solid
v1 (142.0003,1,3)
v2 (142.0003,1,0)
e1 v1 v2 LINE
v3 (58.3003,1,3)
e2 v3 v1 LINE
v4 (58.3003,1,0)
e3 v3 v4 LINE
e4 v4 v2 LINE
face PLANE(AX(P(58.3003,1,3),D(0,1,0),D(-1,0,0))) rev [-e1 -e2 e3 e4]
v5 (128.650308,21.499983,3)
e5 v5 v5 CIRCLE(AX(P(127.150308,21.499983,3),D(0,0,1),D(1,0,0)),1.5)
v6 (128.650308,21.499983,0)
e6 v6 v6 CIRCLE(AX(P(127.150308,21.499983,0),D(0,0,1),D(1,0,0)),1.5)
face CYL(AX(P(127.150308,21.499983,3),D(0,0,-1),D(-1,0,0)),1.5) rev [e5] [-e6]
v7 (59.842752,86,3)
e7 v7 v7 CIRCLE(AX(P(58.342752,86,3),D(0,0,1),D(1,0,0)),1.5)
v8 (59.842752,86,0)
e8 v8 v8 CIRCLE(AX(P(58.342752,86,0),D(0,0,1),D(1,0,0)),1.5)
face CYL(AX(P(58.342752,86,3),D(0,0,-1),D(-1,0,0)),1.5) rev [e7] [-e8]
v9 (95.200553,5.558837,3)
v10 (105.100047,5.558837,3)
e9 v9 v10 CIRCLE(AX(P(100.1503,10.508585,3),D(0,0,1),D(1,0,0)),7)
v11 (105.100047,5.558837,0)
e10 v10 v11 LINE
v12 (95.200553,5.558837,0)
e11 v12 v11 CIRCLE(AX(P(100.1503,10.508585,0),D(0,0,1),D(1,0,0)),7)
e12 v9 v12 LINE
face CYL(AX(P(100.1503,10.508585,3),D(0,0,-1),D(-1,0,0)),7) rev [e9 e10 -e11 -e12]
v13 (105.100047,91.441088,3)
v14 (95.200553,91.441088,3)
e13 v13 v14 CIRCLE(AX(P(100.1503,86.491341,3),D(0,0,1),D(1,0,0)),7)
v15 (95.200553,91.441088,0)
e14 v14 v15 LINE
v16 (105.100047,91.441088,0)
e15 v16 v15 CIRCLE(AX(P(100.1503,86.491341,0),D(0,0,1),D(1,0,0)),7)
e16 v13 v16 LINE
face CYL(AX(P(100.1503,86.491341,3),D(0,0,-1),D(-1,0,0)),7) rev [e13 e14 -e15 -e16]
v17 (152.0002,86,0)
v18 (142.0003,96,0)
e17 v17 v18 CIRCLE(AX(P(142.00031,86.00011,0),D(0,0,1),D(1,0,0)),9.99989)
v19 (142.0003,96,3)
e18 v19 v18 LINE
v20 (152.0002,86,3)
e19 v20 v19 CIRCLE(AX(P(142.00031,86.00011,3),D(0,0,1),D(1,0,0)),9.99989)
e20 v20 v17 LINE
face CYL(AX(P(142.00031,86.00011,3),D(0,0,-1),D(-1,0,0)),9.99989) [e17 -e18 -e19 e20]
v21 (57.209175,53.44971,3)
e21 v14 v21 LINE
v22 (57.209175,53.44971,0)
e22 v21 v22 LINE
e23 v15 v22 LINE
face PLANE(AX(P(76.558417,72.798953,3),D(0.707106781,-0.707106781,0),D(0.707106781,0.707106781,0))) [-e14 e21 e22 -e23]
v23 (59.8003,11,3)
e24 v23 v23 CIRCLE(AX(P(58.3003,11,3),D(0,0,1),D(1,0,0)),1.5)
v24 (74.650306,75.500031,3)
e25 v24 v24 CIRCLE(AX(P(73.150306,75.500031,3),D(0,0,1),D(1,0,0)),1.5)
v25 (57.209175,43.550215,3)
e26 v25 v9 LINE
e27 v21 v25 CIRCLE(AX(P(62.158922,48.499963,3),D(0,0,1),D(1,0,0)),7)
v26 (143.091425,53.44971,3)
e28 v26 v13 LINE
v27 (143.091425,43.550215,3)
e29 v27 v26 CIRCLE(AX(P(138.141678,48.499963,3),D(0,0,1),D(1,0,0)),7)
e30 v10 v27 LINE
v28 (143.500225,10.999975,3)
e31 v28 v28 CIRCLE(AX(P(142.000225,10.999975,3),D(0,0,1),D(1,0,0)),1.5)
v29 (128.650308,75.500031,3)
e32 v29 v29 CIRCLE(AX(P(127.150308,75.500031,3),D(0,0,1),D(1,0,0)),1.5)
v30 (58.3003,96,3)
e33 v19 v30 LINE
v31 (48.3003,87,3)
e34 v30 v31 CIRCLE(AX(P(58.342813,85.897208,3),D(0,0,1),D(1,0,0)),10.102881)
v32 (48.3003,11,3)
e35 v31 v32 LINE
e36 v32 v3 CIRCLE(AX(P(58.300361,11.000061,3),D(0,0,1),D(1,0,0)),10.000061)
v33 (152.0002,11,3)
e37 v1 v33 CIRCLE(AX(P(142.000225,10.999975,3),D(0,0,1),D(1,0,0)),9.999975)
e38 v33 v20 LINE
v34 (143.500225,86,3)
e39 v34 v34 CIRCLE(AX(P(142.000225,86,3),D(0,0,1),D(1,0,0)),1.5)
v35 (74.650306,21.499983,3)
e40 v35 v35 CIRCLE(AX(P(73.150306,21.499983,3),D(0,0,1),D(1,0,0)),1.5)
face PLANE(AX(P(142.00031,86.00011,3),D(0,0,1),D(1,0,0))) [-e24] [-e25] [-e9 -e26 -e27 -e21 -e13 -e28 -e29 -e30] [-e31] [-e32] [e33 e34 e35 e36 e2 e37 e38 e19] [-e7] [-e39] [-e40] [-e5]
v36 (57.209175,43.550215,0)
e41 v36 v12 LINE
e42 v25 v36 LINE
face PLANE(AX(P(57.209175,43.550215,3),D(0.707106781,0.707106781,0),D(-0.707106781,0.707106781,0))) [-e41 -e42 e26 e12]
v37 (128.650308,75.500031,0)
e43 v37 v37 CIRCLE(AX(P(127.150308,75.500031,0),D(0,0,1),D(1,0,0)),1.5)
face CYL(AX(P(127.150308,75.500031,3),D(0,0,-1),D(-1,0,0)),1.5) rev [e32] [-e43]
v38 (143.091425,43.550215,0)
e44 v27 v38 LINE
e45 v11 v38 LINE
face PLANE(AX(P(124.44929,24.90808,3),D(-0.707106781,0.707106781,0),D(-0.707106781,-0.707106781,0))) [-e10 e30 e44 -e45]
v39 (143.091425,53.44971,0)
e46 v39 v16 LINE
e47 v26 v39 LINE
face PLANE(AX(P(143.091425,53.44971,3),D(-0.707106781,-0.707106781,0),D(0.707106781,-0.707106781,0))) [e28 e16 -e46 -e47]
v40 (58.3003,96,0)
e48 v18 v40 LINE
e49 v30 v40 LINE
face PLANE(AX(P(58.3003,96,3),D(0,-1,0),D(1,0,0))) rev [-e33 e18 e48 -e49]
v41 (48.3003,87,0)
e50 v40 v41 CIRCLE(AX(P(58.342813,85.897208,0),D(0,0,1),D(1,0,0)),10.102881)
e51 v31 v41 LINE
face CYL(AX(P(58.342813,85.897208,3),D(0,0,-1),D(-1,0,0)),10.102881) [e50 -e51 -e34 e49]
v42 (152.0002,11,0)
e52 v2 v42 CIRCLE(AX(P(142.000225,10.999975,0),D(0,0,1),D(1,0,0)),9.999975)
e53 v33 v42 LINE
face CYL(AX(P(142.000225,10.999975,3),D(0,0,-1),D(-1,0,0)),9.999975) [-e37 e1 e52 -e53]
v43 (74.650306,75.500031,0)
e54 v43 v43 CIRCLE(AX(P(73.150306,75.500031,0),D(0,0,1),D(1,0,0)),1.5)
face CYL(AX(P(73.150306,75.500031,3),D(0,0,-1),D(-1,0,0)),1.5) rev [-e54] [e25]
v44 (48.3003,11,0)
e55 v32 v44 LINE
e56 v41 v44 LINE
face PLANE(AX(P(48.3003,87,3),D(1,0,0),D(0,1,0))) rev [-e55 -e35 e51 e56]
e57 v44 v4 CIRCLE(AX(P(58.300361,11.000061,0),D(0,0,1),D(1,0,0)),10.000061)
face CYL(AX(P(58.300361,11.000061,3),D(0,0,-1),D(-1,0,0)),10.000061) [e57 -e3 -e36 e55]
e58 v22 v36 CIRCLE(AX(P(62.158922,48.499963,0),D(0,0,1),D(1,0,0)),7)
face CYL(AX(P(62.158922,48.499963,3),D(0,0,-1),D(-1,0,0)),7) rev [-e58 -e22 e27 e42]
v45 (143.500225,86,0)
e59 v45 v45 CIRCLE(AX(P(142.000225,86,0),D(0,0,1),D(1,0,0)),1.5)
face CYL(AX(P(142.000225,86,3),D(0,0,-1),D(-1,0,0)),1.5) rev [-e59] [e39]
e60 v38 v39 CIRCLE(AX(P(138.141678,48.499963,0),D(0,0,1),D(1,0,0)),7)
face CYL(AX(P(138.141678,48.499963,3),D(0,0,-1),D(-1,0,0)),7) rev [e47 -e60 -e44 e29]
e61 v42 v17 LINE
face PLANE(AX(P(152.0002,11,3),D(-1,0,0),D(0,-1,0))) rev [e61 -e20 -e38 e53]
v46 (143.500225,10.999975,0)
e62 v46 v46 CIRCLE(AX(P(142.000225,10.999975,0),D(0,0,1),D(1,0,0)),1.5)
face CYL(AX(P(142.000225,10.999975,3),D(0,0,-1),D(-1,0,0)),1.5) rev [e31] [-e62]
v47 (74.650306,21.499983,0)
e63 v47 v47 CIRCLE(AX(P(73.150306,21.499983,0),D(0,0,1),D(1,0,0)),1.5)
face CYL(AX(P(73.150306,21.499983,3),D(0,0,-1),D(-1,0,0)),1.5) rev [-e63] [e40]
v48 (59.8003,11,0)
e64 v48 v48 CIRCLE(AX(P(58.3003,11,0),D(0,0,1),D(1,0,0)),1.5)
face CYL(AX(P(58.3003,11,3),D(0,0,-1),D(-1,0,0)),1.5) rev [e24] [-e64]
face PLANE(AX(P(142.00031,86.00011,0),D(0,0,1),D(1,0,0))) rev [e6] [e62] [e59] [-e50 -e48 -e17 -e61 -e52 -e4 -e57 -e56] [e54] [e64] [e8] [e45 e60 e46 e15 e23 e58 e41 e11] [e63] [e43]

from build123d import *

# Parameters (mm, degrees)
SKETCH_1_R      = 1.5
EXTRUDE_1_DEPTH = 3


with BuildPart() as part:
    # 草圖1 → 填料-伸長1 (new body)
    with BuildSketch(Plane.XY):
        with BuildLine():
            Line((58.3003, 1), (142.0003, 1))
            ThreePointArc((142.0003, 1), (149.071310355, 3.928960355), (152.0002, 11))
            Line((152.0002, 11), (152.0002, 86))
            ThreePointArc((152.0002, 86), (149.071335355, 93.071064644), (142.0003, 96))
            Line((142.0003, 96), (58.3003, 96))
            ThreePointArc((58.3003, 96), (51.584341425, 93.406620638), (48.3003, 87))
            Line((48.3003, 87), (48.3003, 11))
            ThreePointArc((48.3003, 11), (51.22925, 3.92895), (58.3003, 1))
        make_face()
        with Locations((73.150306055, 21.499982809)):
            Circle(SKETCH_1_R, mode=Mode.SUBTRACT)
        with Locations((58.3003, 11)):
            Circle(SKETCH_1_R, mode=Mode.SUBTRACT)
        with Locations((142.000224541, 10.999975458)):
            Circle(SKETCH_1_R, mode=Mode.SUBTRACT)
        with Locations((127.150308327, 21.499982809)):
            Circle(SKETCH_1_R, mode=Mode.SUBTRACT)
        with Locations((142.000224541, 86)):
            Circle(SKETCH_1_R, mode=Mode.SUBTRACT)
        with Locations((127.150308327, 75.500030546)):
            Circle(SKETCH_1_R, mode=Mode.SUBTRACT)
        with Locations((73.150306055, 75.500030546)):
            Circle(SKETCH_1_R, mode=Mode.SUBTRACT)
        with Locations((58.342751992, 86)):
            Circle(SKETCH_1_R, mode=Mode.SUBTRACT)
        with BuildLine():
            Line((124.449289873, 24.90807964), (143.091425497, 43.550215264))
            ThreePointArc((143.091425497, 43.550215264), (145.141678029, 48.499962732), (143.091425497, 53.4497102))
            Line((143.091425497, 53.4497102), (105.100047468, 91.441088229))
            ThreePointArc((105.100047468, 91.441088229), (100.1503, 93.491340761), (95.200552532, 91.441088229))
            Line((95.200552532, 91.441088229), (76.558416908, 72.798952605))
            Line((76.558416908, 72.798952605), (57.209174503, 53.4497102))
            ThreePointArc((57.209174503, 53.4497102), (55.158921971, 48.499962732), (57.209174503, 43.550215264))
            Line((57.209174503, 43.550215264), (95.200552532, 5.558837235))
            ThreePointArc((95.200552532, 5.558837235), (100.1503, 3.508584704), (105.100047468, 5.558837235))
            Line((105.100047468, 5.558837235), (124.449289873, 24.90807964))
        make_face(mode=Mode.SUBTRACT)
    extrude(amount=EXTRUDE_1_DEPTH)


solid = part.part
